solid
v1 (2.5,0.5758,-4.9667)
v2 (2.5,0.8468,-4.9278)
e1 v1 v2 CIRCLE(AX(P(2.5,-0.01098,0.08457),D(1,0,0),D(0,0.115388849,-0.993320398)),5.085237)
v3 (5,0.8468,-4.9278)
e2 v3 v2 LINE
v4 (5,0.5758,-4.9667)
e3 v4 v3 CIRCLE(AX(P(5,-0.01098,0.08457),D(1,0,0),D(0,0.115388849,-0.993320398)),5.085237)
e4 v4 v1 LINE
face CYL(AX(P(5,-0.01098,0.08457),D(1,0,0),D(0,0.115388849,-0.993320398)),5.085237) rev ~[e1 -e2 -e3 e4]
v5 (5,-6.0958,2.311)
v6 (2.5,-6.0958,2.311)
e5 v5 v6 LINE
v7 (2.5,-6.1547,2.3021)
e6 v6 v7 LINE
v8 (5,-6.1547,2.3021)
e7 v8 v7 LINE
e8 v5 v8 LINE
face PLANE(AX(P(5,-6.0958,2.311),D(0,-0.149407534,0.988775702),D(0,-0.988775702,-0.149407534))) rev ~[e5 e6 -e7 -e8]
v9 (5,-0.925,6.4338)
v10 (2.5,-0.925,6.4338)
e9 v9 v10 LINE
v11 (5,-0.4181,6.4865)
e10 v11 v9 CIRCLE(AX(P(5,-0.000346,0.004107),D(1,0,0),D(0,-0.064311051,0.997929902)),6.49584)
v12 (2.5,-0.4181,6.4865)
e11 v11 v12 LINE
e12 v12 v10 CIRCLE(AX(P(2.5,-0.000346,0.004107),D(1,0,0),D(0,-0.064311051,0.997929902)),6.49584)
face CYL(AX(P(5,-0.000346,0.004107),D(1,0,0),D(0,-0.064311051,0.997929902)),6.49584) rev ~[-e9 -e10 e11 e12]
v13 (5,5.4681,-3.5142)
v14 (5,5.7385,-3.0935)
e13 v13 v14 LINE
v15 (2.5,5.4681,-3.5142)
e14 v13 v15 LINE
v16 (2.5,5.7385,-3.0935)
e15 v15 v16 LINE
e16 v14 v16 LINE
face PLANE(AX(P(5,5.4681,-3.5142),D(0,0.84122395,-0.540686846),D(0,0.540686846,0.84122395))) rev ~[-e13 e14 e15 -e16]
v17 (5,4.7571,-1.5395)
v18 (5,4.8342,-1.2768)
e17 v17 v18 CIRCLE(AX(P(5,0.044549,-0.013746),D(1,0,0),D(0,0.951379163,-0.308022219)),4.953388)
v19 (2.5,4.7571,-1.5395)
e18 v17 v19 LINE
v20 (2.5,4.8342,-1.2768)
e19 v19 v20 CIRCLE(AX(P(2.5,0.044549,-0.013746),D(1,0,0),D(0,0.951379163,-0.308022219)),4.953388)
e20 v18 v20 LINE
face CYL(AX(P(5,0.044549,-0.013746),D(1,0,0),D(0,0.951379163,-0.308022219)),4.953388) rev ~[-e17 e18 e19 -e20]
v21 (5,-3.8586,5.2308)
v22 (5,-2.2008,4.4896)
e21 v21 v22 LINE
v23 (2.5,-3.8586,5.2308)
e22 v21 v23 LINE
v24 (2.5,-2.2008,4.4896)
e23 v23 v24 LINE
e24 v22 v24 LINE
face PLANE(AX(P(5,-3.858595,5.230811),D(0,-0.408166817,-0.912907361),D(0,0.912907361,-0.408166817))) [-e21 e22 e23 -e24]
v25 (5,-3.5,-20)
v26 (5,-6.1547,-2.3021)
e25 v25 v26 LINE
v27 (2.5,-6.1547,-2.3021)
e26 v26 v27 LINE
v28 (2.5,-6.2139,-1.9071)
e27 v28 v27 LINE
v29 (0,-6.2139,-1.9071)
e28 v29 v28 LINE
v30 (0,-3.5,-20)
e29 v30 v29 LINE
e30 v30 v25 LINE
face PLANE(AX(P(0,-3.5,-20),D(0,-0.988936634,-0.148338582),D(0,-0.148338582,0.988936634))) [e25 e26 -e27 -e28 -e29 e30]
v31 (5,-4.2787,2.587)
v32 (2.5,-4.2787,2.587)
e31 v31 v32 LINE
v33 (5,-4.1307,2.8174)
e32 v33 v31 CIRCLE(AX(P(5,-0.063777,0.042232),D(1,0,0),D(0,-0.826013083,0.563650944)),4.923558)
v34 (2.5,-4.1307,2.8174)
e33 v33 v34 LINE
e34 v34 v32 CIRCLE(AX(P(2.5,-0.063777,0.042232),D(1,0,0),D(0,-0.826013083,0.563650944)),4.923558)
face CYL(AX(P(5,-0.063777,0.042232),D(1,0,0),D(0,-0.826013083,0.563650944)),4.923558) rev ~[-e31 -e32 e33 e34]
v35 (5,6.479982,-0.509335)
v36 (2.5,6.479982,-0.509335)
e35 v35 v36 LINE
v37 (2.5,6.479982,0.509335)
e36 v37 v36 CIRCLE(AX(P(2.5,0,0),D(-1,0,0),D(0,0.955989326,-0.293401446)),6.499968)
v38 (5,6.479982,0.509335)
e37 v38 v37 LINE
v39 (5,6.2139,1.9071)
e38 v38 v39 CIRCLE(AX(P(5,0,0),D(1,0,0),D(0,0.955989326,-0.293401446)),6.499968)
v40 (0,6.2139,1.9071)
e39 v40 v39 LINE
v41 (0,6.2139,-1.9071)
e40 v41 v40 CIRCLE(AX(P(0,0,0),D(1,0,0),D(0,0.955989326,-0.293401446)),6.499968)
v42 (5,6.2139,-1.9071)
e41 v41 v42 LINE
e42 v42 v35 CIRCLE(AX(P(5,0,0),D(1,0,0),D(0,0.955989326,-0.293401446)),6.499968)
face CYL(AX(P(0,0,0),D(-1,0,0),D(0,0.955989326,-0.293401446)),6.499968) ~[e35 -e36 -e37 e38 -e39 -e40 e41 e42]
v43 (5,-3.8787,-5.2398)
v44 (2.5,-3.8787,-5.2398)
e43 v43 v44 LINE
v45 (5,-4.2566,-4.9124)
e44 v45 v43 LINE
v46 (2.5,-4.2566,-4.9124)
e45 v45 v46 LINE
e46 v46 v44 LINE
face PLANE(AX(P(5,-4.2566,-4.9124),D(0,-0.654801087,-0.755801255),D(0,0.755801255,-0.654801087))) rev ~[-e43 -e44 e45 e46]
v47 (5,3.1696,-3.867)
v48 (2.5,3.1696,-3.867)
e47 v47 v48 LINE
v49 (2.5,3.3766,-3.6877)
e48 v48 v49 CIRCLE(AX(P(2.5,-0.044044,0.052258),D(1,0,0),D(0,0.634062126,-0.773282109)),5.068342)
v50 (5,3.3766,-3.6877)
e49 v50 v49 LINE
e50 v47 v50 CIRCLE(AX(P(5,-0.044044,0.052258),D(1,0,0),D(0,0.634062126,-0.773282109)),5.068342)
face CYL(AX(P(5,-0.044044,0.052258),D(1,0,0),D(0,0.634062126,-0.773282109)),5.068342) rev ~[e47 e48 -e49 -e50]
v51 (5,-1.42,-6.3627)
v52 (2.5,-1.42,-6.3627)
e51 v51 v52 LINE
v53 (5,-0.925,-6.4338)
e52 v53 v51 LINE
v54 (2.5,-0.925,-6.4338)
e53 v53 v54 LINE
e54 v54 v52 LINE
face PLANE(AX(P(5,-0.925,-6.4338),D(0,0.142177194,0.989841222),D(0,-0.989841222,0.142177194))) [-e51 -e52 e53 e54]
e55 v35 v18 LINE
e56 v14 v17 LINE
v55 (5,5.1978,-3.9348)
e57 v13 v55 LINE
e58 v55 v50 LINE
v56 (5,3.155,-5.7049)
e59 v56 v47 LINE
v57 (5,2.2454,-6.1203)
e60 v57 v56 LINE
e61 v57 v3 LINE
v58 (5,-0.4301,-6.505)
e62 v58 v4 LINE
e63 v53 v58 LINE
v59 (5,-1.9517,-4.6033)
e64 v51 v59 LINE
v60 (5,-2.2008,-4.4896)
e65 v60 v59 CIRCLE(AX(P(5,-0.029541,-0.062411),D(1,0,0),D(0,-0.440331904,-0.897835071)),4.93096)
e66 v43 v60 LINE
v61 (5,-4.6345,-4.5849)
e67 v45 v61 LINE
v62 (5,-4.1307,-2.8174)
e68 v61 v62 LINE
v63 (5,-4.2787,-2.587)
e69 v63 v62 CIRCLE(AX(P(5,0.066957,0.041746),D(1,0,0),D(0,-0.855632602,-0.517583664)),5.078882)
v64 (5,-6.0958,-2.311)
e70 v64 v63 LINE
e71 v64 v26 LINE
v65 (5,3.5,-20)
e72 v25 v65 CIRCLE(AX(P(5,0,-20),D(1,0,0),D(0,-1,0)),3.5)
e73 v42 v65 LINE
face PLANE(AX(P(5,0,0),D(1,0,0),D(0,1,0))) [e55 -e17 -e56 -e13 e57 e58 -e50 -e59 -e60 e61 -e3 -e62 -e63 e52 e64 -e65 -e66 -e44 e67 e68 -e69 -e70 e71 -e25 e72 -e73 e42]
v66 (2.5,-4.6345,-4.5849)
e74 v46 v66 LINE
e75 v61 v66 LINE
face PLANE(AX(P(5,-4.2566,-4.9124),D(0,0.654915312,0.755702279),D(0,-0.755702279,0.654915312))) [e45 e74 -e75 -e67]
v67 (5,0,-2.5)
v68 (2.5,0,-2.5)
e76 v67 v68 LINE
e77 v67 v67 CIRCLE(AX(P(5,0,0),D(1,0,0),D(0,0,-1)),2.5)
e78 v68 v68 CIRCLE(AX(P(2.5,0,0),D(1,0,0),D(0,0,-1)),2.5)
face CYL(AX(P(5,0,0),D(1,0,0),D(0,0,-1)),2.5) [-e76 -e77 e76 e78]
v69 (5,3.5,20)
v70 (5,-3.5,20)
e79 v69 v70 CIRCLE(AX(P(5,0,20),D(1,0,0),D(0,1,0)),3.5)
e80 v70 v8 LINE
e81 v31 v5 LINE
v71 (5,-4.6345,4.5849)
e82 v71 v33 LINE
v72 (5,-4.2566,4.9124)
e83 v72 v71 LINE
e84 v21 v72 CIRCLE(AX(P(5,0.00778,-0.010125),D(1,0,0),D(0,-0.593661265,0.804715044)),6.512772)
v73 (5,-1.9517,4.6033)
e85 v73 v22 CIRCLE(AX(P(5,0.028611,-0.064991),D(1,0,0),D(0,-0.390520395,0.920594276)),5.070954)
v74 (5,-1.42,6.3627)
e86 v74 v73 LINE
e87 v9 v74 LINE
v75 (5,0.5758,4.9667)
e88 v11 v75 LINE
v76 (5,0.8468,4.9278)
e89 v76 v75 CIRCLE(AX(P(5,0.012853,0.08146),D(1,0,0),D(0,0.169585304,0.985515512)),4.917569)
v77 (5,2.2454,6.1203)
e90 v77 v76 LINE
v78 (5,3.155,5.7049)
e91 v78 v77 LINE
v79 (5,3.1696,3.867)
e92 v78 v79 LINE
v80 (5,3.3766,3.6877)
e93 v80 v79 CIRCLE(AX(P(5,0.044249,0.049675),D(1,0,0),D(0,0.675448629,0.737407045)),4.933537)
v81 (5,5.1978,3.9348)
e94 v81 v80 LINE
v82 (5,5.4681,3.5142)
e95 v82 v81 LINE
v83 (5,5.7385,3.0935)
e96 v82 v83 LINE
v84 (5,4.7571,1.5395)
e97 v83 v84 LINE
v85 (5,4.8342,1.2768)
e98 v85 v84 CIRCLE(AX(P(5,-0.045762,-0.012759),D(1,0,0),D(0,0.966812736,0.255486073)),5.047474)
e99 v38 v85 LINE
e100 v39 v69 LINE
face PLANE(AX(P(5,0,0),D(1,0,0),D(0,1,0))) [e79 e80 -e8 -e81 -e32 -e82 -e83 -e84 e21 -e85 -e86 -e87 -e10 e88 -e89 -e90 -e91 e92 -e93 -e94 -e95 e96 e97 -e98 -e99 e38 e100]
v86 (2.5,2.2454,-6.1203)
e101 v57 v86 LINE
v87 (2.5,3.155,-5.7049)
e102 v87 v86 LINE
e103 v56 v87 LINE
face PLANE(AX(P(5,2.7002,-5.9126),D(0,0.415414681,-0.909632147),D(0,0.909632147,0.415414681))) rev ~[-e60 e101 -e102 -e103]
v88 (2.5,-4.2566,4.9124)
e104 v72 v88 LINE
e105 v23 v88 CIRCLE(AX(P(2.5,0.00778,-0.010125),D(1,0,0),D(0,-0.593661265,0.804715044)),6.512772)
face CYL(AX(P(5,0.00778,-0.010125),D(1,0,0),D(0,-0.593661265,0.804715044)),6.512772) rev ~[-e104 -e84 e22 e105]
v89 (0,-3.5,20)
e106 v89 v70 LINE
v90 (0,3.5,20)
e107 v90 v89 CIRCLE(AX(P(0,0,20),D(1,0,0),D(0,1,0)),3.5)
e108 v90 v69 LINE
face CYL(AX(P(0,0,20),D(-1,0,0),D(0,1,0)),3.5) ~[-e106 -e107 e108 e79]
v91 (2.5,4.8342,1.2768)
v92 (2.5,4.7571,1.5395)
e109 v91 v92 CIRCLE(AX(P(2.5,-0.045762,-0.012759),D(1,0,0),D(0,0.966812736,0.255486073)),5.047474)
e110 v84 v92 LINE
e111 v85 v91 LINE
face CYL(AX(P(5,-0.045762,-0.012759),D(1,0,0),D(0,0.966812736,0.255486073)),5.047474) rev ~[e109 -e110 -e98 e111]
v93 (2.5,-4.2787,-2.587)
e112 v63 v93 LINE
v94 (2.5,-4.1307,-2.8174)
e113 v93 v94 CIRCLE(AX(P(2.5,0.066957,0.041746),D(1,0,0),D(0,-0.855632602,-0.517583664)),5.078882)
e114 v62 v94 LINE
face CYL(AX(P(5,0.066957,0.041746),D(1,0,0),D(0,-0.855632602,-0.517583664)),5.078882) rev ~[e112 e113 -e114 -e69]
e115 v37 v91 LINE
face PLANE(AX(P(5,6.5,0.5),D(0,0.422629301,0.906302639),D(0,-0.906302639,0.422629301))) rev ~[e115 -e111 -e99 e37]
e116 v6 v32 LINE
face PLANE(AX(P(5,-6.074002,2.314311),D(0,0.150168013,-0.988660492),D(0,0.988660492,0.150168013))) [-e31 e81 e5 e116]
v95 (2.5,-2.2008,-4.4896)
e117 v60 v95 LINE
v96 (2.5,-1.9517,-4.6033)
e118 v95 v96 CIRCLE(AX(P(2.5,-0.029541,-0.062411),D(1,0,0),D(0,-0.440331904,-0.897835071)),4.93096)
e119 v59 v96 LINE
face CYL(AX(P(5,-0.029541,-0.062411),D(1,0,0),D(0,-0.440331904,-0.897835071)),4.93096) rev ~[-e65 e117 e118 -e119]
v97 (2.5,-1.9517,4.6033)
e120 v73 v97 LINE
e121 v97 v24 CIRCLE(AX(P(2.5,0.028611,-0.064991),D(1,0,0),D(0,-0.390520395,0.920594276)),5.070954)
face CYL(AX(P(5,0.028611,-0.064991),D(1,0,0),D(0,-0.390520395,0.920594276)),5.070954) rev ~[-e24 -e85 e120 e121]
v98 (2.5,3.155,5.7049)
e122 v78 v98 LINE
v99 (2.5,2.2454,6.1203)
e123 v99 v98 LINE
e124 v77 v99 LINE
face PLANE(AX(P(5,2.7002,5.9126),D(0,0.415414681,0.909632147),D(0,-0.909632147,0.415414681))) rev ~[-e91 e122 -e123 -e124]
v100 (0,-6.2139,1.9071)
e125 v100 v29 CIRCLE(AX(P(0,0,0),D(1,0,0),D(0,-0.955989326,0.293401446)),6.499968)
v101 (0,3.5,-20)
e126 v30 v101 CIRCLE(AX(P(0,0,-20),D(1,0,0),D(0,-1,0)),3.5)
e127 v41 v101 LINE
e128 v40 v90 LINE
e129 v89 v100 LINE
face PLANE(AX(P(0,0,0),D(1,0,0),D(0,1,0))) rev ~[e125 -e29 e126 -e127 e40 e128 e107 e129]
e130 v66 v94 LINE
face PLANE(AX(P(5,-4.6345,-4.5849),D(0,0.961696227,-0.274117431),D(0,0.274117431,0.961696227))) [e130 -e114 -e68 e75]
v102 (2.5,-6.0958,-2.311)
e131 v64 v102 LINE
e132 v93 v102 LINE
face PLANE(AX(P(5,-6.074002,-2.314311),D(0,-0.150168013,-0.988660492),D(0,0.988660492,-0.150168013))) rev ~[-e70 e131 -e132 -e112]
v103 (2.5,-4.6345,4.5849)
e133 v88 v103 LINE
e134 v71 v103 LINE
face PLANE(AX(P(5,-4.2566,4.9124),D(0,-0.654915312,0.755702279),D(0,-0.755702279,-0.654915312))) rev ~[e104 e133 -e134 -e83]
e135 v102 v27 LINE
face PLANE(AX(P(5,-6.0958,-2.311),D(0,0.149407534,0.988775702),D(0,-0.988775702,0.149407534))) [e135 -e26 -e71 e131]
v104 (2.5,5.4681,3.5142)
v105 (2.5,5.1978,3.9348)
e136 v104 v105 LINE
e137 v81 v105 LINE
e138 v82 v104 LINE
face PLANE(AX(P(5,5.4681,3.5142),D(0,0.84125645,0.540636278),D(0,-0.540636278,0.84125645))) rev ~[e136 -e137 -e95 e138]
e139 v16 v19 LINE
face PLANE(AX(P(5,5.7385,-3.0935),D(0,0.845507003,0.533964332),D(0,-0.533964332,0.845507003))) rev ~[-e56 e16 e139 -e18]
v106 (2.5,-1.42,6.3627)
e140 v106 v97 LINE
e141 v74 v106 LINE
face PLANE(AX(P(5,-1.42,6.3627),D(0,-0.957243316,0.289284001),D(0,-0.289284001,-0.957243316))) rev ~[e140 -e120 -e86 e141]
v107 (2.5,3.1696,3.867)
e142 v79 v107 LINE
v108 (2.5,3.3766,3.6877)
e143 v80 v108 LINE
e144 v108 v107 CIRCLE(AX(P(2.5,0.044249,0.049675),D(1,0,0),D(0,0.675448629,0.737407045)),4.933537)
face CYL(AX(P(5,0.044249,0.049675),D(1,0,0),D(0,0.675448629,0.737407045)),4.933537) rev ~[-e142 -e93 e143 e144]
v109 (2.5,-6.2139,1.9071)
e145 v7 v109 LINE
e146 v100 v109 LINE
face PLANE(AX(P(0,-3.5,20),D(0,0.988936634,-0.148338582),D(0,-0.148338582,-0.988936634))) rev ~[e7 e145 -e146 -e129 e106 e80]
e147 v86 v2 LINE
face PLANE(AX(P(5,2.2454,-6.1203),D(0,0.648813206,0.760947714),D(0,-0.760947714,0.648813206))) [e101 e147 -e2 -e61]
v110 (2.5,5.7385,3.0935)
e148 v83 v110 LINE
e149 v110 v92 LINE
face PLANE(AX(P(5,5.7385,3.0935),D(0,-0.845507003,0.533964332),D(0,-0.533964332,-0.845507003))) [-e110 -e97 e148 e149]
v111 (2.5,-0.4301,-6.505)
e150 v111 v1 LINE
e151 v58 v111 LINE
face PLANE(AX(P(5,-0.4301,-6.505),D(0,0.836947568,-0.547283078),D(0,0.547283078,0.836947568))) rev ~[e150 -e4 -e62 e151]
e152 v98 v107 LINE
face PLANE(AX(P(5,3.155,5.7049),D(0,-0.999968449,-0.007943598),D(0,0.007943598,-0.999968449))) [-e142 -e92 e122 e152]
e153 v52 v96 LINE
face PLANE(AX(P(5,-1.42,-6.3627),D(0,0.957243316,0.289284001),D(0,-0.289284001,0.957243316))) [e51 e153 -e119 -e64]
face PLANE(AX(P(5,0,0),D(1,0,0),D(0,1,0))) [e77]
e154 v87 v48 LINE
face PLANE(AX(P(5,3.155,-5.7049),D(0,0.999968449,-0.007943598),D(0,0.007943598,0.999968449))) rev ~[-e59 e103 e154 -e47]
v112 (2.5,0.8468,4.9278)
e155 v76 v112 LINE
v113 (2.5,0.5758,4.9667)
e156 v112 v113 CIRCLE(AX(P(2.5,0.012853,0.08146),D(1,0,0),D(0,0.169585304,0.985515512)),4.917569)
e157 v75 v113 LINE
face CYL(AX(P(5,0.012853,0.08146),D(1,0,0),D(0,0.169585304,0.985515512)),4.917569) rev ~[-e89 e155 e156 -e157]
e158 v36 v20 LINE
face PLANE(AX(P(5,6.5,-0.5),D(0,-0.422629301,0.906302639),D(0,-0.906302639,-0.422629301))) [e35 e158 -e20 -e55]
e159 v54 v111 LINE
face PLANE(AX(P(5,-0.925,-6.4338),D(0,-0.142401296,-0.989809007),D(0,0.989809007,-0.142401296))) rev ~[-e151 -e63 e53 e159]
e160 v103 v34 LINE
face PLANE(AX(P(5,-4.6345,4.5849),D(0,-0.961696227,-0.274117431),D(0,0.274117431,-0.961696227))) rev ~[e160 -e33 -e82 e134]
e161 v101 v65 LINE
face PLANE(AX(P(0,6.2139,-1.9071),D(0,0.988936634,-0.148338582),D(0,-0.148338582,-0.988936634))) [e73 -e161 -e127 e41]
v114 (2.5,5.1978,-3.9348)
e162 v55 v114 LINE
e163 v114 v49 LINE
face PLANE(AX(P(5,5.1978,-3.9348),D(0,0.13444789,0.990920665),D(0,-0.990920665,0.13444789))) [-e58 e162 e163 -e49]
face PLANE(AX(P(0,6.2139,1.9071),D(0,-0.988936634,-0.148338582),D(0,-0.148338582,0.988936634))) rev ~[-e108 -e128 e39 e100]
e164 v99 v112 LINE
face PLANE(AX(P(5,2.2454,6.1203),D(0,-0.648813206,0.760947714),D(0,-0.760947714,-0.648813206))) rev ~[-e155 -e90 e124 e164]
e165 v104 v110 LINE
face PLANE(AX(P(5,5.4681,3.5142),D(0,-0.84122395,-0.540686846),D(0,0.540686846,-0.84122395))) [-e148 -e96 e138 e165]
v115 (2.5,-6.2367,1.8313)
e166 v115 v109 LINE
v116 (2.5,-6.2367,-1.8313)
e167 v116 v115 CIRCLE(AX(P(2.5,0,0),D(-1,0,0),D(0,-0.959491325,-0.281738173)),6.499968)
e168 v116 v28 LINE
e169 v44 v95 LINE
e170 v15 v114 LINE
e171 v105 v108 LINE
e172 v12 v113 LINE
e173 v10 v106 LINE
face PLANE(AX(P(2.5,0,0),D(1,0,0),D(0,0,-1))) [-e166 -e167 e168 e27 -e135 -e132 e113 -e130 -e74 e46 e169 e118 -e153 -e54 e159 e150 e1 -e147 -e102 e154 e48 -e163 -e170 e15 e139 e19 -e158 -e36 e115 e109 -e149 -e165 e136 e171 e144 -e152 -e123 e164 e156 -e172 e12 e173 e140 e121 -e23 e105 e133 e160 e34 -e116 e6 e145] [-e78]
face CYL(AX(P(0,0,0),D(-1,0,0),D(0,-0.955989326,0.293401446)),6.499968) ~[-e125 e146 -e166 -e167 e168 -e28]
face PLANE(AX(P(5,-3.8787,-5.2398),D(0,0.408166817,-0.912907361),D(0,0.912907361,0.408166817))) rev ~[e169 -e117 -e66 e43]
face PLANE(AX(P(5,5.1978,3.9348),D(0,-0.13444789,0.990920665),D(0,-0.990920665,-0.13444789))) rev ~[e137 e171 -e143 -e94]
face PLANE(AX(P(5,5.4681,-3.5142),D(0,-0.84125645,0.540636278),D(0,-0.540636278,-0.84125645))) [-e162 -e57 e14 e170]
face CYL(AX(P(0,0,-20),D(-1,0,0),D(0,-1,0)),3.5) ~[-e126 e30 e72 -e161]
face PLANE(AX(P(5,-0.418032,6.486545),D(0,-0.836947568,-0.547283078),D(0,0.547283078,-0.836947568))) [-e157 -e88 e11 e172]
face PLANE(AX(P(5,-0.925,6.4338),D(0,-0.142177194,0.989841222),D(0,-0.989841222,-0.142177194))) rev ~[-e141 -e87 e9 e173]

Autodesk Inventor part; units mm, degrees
ref_plane "YZ Plane" through (0, 0, 0) normal (1, 0, 0) x (0, 1, 0)
ref_plane "XZ Plane" through (0, 0, 0) normal (0, 1, 0) x (-1, 0, 0)
ref_plane "XY Plane" through (0, 0, 0) normal (0, 0, 1) x (1, 0, 0)
sketch "Sketch1" plane through (0, 0, 0) normal (1, 0, 0) x (0, 1, 0)
  arc A0 (3.5, 20) -> (-3.5, 20) centre (0, 20) ccw
  line L0 (6.2139, 1.9071) -> (3.5, 20)
  line L1 (-3.5, 20) -> (-6.2139, 1.9071)
  line L2 (0, 0) -> (2.6706, 0)
  arc A1 (-3.5, -20) -> (3.5, -20) centre (0, -20) ccw
  line L3 (-3.5, -20) -> (-6.2139, -1.9071)
  line L4 (6.2139, -1.9071) -> (3.5, -20)
  arc A2 (-6.2139, 1.9071) -> (-6.2139, -1.9071) centre (0, 0) ccw
  arc A3 (6.2139, -1.9071) -> (6.2139, 1.9071) centre (0, 0) ccw
  line L5 (0, 0) -> (2.6706, 0)
  point P0 (6.5, 0)
  point P1 (-6.5, 0)
  dimension "d0" = 7
  dimension "d1" = 20
extrude "Extrusion1" add sketch "Sketch1" along normal blind 5
sketch "Sketch2" plane through (5, 0, 0) normal (1, 0, 0) x (0, 0, -1)
  line L0 (0, 6.5) -> (0.5, 6.5)
  line L1 (0.5, 6.5) -> (1.2768, 4.8342)
  line L2 (-0.5, 6.5) -> (-1.2768, 4.8342)
  line L3 (0, 6.5) -> (-0.5, 6.5)
  line L4 (-3.5142, 5.4681) -> (-3.0935, 5.7385)
  line L5 (-3.0935, 5.7385) -> (-1.5395, 4.7571)
  line L6 (-3.9348, 5.1978) -> (-3.6877, 3.3766)
  line L7 (-3.5142, 5.4681) -> (-3.9348, 5.1978)
  line L8 (-5.9126, 2.7002) -> (-5.7049, 3.155)
  line L9 (-5.7049, 3.155) -> (-3.867, 3.1696)
  line L10 (-6.1203, 2.2454) -> (-4.9278, 0.8468)
  line L11 (-5.9126, 2.7002) -> (-6.1203, 2.2454)
  line L12 (-6.4338, -0.925) -> (-6.505, -0.4301)
  line L13 (-6.505, -0.4301) -> (-4.9667, 0.5758)
  line L14 (-6.3627, -1.42) -> (-4.6033, -1.9517)
  line L15 (-6.4338, -0.925) -> (-6.3627, -1.42)
  line L16 (-4.9124, -4.2566) -> (-5.2398, -3.8787)
  line L17 (-5.2398, -3.8787) -> (-4.4896, -2.2008)
  line L18 (-4.5849, -4.6345) -> (-2.8174, -4.1307)
  line L19 (-4.9124, -4.2566) -> (-4.5849, -4.6345)
  line L20 (-1.8313, -6.2367) -> (-2.311, -6.0958)
  line L21 (-2.311, -6.0958) -> (-2.587, -4.2787)
  line L22 (-1.3515, -6.3776) -> (-0.1369, -4.9981)
  line L23 (-1.8313, -6.2367) -> (-1.3515, -6.3776)
  line L24 (1.8313, -6.2367) -> (1.3515, -6.3776)
  line L25 (1.3515, -6.3776) -> (0.1369, -4.9981)
  line L26 (2.311, -6.0958) -> (2.587, -4.2787)
  line L27 (1.8313, -6.2367) -> (2.311, -6.0958)
  line L28 (4.9124, -4.2566) -> (4.5849, -4.6345)
  line L29 (4.5849, -4.6345) -> (2.8174, -4.1307)
  line L30 (5.2398, -3.8787) -> (4.4896, -2.2008)
  line L31 (4.9124, -4.2566) -> (5.2398, -3.8787)
  line L32 (6.4338, -0.925) -> (6.3627, -1.42)
  line L33 (6.3627, -1.42) -> (4.6033, -1.9517)
  line L34 (6.505, -0.4301) -> (4.9667, 0.5758)
  line L35 (6.4338, -0.925) -> (6.505, -0.4301)
  line L36 (5.9126, 2.7002) -> (6.1203, 2.2454)
  line L37 (6.1203, 2.2454) -> (4.9278, 0.8468)
  line L38 (5.7049, 3.155) -> (3.867, 3.1696)
  line L39 (5.9126, 2.7002) -> (5.7049, 3.155)
  line L40 (3.5142, 5.4681) -> (3.9348, 5.1978)
  line L41 (3.9348, 5.1978) -> (3.6877, 3.3766)
  line L42 (3.0935, 5.7385) -> (1.5395, 4.7571)
  line L43 (3.5142, 5.4681) -> (3.0935, 5.7385)
  arc A0 (-1.2768, 4.8342) -> (-1.5395, 4.7571) centre (0, 0) ccw
  arc A1 (1.5395, 4.7571) -> (1.2768, 4.8342) centre (0, 0) ccw
  arc A2 (3.867, 3.1696) -> (3.6877, 3.3766) centre (0, 0) ccw
  arc A3 (4.9667, 0.5758) -> (4.9278, 0.8468) centre (0, 0) ccw
  arc A4 (4.4896, -2.2008) -> (4.6033, -1.9517) centre (0, 0) ccw
  arc A5 (2.587, -4.2787) -> (2.8174, -4.1307) centre (0, 0) ccw
  arc A6 (-0.1369, -4.9981) -> (0.1369, -4.9981) centre (0, 0) ccw
  arc A7 (-2.8174, -4.1307) -> (-2.587, -4.2787) centre (0, 0) ccw
  arc A8 (-4.6033, -1.9517) -> (-4.4896, -2.2008) centre (0, 0) ccw
  arc A9 (-3.6877, 3.3766) -> (-3.867, 3.1696) centre (0, 0) ccw
  arc A10 (-4.9278, 0.8468) -> (-4.9667, 0.5758) centre (0, 0) ccw
  circle A11 centre (0, 0) radius 2.5
  arc A12 (-1.9071, -6.2139) -> (1.9071, -6.2139) centre (0, 0) ccw projected
  line L44 (-2.311, -6.0958) -> (-2.3021, -6.1547)
  line L45 (-20, -3.5) -> (-1.9071, -6.2139) projected
  line L46 (-2.3021, -6.1547) -> (-1.9071, -6.2139)
  line L47 (2.311, -6.0958) -> (2.3021, -6.1547)
  line L48 (1.9071, -6.2139) -> (20, -3.5) projected
  line L49 (2.3021, -6.1547) -> (1.9088, -6.2139)
  arc A13 (-6.4865, -0.4181) -> (-6.4338, -0.925) centre (0, 0) ccw
  arc A14 (-5.2308, -3.8586) -> (-4.9124, -4.2566) centre (0, 0) ccw
  arc A15 (-2.3143, -6.074) -> (-1.3369, -6.361) centre (0, 0) ccw
  arc A16 (0, -6.5) -> (2.3143, -6.074) centre (0, 0) ccw
  point P0 (0, 5)
  point P1 (-2.7032, 4.2063)
  point P2 (-4.5482, 2.0771)
  point P3 (-4.9491, -0.7116)
  point P4 (-3.7787, -3.2743)
  point P5 (-1.4087, -4.7975)
  point P6 (1.4087, -4.7975)
  point P7 (3.7787, -3.2743)
  point P8 (4.9491, -0.7116)
  point P9 (4.5482, 2.0771)
  point P10 (2.7032, 4.2063)
  dimension "d8" = 0.5
  dimension "d9" = 115
  dimension "d10" = 6.5
  dimension "d11" = 360
  dimension "d12" = 5
extrude "Extrusion2" cut sketch "Sketch2" against normal blind 2.5 contours L0 L1 A1 L42 L43 L40 L41 A2 L38 L39 L36 L37 A3 L34 L35 L32 L33 A4 L30 L31 L28 L29 A5 L26 A16 L27 A12 L25 A6 L22 L20 A15 L21 A7 L18 L19 A14 L17 A8 L14 L15 A13 L13 A10 L10 L11 L8 L9 A9 L6 L7 L4 L5 A0 L2 L3 | L26 L27 A16 | A15 L20 L21 | L47 L48 L27 | L20 L45 L44 | A12 L22 A6 L25
properties part number "servo horn"
